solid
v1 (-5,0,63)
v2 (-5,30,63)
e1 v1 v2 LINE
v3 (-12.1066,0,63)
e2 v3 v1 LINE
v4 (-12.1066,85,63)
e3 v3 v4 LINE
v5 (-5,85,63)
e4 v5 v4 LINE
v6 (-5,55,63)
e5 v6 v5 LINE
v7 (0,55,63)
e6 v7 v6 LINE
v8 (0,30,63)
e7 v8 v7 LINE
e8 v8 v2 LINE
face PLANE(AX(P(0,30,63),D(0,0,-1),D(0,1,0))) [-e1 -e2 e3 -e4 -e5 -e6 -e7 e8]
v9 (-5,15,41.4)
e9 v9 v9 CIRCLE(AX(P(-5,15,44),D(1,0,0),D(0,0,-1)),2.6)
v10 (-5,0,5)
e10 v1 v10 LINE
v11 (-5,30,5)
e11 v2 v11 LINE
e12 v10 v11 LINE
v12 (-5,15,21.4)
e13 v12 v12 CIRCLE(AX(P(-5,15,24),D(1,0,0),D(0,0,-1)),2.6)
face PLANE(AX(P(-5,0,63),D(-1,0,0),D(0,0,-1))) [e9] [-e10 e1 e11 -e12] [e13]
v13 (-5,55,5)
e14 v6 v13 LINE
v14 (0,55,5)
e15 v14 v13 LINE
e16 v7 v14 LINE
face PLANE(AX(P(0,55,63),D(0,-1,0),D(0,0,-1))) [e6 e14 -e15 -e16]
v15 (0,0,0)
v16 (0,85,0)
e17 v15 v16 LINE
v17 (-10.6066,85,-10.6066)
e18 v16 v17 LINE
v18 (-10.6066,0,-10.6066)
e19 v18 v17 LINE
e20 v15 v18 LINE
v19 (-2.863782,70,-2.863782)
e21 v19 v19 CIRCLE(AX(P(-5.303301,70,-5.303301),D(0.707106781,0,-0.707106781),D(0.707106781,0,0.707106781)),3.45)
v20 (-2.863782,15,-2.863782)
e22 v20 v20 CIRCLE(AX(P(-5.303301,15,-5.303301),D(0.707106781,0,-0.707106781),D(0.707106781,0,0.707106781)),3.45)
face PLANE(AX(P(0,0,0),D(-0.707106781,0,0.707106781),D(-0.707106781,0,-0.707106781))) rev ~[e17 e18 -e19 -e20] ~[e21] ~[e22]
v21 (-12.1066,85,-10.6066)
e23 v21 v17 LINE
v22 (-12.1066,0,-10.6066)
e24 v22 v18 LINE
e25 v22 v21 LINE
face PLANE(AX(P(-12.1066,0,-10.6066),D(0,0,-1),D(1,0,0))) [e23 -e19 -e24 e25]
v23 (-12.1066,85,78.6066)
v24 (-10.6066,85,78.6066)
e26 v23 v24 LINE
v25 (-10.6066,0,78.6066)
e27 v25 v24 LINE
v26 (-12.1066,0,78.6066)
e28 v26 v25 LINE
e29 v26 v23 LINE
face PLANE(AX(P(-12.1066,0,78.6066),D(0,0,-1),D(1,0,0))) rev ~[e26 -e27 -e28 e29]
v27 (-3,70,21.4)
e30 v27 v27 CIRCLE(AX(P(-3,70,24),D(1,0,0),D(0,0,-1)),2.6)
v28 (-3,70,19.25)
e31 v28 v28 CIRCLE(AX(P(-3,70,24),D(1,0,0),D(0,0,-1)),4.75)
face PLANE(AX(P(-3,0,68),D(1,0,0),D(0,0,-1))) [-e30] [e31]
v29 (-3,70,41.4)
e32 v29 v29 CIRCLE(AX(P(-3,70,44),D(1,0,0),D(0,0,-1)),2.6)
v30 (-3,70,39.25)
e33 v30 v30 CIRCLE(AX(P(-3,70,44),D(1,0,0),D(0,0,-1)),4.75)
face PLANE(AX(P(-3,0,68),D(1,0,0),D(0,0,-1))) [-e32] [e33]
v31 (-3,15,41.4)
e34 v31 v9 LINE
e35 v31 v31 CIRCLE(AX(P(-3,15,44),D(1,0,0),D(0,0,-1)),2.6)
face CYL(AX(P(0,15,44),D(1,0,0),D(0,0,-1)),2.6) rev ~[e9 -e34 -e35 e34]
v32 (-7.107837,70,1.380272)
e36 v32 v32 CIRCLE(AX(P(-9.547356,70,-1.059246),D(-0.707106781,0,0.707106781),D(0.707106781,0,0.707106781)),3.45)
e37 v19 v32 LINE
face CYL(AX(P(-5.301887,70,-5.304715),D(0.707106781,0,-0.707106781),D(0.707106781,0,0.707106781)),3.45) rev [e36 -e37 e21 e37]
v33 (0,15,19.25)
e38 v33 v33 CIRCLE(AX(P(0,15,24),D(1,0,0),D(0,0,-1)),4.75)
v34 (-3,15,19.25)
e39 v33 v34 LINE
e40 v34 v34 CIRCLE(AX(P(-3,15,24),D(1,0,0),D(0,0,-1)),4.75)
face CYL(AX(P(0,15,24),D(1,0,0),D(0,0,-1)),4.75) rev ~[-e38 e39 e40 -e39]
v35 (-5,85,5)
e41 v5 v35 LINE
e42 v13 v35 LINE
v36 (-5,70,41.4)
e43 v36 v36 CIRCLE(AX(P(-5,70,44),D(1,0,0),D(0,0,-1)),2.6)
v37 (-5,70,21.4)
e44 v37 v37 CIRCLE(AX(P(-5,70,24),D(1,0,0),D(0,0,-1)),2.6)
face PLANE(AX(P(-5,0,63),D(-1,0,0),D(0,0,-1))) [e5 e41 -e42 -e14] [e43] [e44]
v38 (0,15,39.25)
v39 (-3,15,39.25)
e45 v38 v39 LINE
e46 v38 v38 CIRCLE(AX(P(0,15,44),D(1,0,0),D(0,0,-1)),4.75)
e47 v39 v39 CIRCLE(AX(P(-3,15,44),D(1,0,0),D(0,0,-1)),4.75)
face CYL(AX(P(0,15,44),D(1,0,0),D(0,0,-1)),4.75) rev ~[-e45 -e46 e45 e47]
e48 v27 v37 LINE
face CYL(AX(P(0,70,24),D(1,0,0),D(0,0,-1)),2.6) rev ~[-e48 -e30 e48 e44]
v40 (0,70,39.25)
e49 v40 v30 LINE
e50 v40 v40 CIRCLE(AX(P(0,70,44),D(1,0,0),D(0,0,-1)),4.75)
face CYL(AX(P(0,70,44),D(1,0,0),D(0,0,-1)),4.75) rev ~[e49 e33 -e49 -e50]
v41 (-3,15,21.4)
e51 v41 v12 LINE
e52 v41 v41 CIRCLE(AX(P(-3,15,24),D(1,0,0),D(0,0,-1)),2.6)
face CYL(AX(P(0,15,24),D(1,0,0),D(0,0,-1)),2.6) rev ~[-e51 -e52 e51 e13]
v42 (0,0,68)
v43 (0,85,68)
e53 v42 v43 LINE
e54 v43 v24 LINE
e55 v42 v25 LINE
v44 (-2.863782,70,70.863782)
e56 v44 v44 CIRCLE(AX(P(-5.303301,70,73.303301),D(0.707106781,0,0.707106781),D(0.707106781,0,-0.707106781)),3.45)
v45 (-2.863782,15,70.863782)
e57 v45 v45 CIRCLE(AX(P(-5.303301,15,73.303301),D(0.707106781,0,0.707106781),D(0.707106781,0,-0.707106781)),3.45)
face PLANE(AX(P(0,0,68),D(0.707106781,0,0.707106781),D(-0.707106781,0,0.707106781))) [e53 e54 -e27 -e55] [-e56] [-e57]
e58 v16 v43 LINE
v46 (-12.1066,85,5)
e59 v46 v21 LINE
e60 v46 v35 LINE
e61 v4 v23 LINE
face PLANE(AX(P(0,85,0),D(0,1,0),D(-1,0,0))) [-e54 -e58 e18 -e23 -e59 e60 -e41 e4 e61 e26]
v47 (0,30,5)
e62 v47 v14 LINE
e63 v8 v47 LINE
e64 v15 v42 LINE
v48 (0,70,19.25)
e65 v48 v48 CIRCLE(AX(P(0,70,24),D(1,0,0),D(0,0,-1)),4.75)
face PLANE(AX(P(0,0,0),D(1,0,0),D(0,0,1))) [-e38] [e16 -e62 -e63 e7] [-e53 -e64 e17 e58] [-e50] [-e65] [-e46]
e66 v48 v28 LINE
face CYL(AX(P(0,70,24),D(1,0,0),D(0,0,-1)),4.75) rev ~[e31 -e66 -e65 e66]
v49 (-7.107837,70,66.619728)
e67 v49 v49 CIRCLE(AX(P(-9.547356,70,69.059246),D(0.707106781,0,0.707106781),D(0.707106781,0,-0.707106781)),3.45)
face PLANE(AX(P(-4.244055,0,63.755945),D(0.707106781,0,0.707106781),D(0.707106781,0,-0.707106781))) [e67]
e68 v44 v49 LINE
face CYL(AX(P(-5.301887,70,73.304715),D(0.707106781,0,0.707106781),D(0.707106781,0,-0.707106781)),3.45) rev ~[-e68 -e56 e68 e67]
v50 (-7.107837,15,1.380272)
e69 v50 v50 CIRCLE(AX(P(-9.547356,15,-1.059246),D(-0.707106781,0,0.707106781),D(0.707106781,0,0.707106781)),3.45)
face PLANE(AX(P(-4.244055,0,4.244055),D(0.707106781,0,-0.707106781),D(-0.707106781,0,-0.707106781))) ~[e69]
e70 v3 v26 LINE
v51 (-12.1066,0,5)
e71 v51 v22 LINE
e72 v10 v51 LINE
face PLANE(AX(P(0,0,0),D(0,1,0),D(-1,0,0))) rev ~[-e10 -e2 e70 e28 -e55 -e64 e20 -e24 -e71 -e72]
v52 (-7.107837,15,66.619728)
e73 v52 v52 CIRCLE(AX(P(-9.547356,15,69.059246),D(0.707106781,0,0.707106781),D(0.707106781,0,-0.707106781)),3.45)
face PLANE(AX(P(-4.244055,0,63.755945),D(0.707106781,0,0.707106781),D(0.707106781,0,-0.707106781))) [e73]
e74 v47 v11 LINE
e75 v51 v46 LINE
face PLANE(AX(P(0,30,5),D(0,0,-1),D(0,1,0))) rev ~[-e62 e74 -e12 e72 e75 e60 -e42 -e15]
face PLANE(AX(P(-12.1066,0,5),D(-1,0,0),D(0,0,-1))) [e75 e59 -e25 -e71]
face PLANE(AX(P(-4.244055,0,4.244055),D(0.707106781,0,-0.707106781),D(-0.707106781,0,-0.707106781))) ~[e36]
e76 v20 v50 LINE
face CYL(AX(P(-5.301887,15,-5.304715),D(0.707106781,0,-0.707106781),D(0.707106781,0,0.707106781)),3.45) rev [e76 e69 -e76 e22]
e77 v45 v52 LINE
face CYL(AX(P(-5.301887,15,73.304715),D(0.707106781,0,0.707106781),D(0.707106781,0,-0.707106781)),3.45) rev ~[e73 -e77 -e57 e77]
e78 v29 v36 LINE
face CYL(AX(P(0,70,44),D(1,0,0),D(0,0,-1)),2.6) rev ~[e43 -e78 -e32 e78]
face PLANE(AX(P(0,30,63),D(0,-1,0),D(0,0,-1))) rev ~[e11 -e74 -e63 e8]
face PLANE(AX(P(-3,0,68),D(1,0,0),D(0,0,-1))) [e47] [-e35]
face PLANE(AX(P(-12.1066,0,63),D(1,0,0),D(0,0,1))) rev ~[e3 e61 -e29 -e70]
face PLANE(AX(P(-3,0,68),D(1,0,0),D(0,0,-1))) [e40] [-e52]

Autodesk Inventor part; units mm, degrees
ref_plane "YZ Plane" through (0, 0, 0) normal (1, 0, 0) x (0, 1, 0)
ref_plane "XZ Plane" through (0, 0, 0) normal (0, 1, 0) x (-1, 0, 0)
sketch "Sketch1" plane through (0, 0, 0) normal (0, 1, 0) x (-1, 0, 0)
  line L0 (0, 0) -> (0, 68)
  line L1 (0, 0) -> (10.6066, -10.6066)
  line L2 (0, 68) -> (10.6066, 78.6066)
  line L3 (5, 63) -> (5, 5)
  line L4 (10.6066, 78.6066) -> (10.6066, 63)
  line L5 (10.6066, -10.6066) -> (10.6066, 5)
  line L6 (10.6066, 63) -> (5, 63)
  line L7 (10.6066, 5) -> (5, 5)
  line L8 (10.6066, 5) -> (12.1066, 5)
  line L9 (12.1066, 5) -> (12.1066, -10.6066)
  line L10 (12.1066, -10.6066) -> (10.6066, -10.6066)
  line L11 (10.6066, -10.6066) -> (10.6066, 5)
  line L12 (10.6066, 63) -> (12.1066, 63)
  line L13 (12.1066, 63) -> (12.1066, 78.6066)
  line L14 (12.1066, 78.6066) -> (10.6066, 78.6066)
  line L15 (10.6066, 78.6066) -> (10.6066, 63)
  dimension "d0" = 68
  dimension "d1" = 15
  dimension "d2" = 135
  dimension "d4" = 15
  dimension "d5" = 135
  dimension "d6" = 5
  dimension "d7" = 5
  dimension "d8" = 5
  dimension "d35" = 1.5
extrude "Extrusion1" add sketch "Sketch1" along normal blind 85
sketch "Sketch2" plane through (0, 0, 68) normal (0.7071, 0, 0.7071) x (0.7071, 0, -0.7071)
  line L0 (-15, 0) -> (0, 0) construction
  line L1 (-7.5, 0) -> (-7.5, 200) construction
  circle A0 centre (-7.5, 70) radius 3.45
  circle A1 centre (-7.5, 15) radius 3.45
  line L2 (-15, 85) -> (0, 85) projected
  point P0 (48.0833, 0)
  point P1 (-15, 200)
  dimension "d11" = 6.9
  dimension "d12" = 6.9
  dimension "d13" = 15
  dimension "d14" = 15
extrude "Extrusion2" cut sketch "Sketch2" against normal blind 6
sketch "Sketch3" plane through (0, 0, 68) normal (1, 0, 0) x (0, 0, -1)
  ellipse E0 centre (-5.3033, 70) end of major axis (-5.3033, 66.55) minor radius 2.4395 construction
  ellipse E1 centre (73.3033, 70) end of major axis (73.3033, 73.45) minor radius 2.4395 construction
  line L0 (-5.3033, 70) -> (73.3033, 70) construction
  ellipse E2 centre (-5.3033, 15) end of major axis (-5.3033, 11.55) minor radius 2.4395 construction
  ellipse E3 centre (73.3033, 15) end of major axis (73.3033, 18.45) minor radius 2.4395 construction
  line L1 (-5.3033, 15) -> (73.3033, 15) construction
  line L2 (0, 85) -> (68, 85) construction
  line L3 (34, 85) -> (34, 0) construction
  line L4 (63, 0) -> (5, 0) construction
  line L5 (44, 85) -> (44, -115) construction
  line L6 (24, 85) -> (24, -115) construction
  circle A0 centre (44, 70) radius 2.6
  circle A1 centre (24, 70) radius 2.6
  circle A2 centre (24, 15) radius 2.6
  circle A3 centre (44, 15) radius 2.6
  point P0 (68, 0)
  dimension "d17" = 10
  dimension "d18" = 10
  dimension "d19" = 5.2
  dimension "d20" = 5.2
  dimension "d21" = 5.2
  dimension "d22" = 5.2
extrude "Extrusion3" cut sketch "Sketch3" against normal up to next
sketch "Sketch4" plane through (0, 0, 68) normal (1, 0, 0) x (0, 0, -1)
  line L0 (5, 0) -> (5, 85) projected
  line L1 (63, 0) -> (63, 85) projected
  line L2 (5, 55) -> (63, 55)
  line L3 (5, 30) -> (63, 30)
  circle A0 centre (24, 70) radius 2.6 projected
  circle A1 centre (24, 15) radius 2.6 projected
  point P0 (68, 0)
  dimension "d25" = 15
  dimension "d26" = 15
extrude "Extrusion4" cut sketch "Sketch4" against normal up to next contours L0 L2 L1 L3
sketch "Sketch5" plane through (0, 0, 68) normal (1, 0, 0) x (0, 0, -1)
  circle A0 centre (24, 70) radius 2.6 projected
  circle A1 centre (24, 70) radius 4.75
  circle A2 centre (44, 70) radius 2.6 projected
  circle A3 centre (44, 70) radius 4.75
  circle A4 centre (24, 15) radius 2.6 projected
  circle A5 centre (24, 15) radius 4.75
  circle A6 centre (44, 15) radius 2.6 projected
  circle A7 centre (44, 15) radius 4.75
  point P0 (68, 0)
  dimension "d29" = 9.5
  dimension "d30" = 9.5
  dimension "d31" = 9.5
  dimension "d32" = 9.5
extrude "Extrusion5" cut sketch "Sketch5" against normal blind 3
ref_plane "Work Plane2" through (-12.1066, 0, 34) normal (0, 0, 1) x (1, 0, 0)
mirror "Mirror2" about plane through (-12.1066, 0, 34) normal (0, 0, 1) of "Extrusion2"
equation "\"d4\" = d1"
equation "\"d5\" = d2"
equation "\"d12\" = d11"
equation "\"d14\" = d13"
equation "\"d20\" = d19"
equation "\"d21\" = d19"
equation "\"d22\" = d19"
equation "\"d30\" = d29"
equation "\"d31\" = d29"
equation "\"d32\" = d29"
properties part number "Z Axis Cover Frame Bottom"
